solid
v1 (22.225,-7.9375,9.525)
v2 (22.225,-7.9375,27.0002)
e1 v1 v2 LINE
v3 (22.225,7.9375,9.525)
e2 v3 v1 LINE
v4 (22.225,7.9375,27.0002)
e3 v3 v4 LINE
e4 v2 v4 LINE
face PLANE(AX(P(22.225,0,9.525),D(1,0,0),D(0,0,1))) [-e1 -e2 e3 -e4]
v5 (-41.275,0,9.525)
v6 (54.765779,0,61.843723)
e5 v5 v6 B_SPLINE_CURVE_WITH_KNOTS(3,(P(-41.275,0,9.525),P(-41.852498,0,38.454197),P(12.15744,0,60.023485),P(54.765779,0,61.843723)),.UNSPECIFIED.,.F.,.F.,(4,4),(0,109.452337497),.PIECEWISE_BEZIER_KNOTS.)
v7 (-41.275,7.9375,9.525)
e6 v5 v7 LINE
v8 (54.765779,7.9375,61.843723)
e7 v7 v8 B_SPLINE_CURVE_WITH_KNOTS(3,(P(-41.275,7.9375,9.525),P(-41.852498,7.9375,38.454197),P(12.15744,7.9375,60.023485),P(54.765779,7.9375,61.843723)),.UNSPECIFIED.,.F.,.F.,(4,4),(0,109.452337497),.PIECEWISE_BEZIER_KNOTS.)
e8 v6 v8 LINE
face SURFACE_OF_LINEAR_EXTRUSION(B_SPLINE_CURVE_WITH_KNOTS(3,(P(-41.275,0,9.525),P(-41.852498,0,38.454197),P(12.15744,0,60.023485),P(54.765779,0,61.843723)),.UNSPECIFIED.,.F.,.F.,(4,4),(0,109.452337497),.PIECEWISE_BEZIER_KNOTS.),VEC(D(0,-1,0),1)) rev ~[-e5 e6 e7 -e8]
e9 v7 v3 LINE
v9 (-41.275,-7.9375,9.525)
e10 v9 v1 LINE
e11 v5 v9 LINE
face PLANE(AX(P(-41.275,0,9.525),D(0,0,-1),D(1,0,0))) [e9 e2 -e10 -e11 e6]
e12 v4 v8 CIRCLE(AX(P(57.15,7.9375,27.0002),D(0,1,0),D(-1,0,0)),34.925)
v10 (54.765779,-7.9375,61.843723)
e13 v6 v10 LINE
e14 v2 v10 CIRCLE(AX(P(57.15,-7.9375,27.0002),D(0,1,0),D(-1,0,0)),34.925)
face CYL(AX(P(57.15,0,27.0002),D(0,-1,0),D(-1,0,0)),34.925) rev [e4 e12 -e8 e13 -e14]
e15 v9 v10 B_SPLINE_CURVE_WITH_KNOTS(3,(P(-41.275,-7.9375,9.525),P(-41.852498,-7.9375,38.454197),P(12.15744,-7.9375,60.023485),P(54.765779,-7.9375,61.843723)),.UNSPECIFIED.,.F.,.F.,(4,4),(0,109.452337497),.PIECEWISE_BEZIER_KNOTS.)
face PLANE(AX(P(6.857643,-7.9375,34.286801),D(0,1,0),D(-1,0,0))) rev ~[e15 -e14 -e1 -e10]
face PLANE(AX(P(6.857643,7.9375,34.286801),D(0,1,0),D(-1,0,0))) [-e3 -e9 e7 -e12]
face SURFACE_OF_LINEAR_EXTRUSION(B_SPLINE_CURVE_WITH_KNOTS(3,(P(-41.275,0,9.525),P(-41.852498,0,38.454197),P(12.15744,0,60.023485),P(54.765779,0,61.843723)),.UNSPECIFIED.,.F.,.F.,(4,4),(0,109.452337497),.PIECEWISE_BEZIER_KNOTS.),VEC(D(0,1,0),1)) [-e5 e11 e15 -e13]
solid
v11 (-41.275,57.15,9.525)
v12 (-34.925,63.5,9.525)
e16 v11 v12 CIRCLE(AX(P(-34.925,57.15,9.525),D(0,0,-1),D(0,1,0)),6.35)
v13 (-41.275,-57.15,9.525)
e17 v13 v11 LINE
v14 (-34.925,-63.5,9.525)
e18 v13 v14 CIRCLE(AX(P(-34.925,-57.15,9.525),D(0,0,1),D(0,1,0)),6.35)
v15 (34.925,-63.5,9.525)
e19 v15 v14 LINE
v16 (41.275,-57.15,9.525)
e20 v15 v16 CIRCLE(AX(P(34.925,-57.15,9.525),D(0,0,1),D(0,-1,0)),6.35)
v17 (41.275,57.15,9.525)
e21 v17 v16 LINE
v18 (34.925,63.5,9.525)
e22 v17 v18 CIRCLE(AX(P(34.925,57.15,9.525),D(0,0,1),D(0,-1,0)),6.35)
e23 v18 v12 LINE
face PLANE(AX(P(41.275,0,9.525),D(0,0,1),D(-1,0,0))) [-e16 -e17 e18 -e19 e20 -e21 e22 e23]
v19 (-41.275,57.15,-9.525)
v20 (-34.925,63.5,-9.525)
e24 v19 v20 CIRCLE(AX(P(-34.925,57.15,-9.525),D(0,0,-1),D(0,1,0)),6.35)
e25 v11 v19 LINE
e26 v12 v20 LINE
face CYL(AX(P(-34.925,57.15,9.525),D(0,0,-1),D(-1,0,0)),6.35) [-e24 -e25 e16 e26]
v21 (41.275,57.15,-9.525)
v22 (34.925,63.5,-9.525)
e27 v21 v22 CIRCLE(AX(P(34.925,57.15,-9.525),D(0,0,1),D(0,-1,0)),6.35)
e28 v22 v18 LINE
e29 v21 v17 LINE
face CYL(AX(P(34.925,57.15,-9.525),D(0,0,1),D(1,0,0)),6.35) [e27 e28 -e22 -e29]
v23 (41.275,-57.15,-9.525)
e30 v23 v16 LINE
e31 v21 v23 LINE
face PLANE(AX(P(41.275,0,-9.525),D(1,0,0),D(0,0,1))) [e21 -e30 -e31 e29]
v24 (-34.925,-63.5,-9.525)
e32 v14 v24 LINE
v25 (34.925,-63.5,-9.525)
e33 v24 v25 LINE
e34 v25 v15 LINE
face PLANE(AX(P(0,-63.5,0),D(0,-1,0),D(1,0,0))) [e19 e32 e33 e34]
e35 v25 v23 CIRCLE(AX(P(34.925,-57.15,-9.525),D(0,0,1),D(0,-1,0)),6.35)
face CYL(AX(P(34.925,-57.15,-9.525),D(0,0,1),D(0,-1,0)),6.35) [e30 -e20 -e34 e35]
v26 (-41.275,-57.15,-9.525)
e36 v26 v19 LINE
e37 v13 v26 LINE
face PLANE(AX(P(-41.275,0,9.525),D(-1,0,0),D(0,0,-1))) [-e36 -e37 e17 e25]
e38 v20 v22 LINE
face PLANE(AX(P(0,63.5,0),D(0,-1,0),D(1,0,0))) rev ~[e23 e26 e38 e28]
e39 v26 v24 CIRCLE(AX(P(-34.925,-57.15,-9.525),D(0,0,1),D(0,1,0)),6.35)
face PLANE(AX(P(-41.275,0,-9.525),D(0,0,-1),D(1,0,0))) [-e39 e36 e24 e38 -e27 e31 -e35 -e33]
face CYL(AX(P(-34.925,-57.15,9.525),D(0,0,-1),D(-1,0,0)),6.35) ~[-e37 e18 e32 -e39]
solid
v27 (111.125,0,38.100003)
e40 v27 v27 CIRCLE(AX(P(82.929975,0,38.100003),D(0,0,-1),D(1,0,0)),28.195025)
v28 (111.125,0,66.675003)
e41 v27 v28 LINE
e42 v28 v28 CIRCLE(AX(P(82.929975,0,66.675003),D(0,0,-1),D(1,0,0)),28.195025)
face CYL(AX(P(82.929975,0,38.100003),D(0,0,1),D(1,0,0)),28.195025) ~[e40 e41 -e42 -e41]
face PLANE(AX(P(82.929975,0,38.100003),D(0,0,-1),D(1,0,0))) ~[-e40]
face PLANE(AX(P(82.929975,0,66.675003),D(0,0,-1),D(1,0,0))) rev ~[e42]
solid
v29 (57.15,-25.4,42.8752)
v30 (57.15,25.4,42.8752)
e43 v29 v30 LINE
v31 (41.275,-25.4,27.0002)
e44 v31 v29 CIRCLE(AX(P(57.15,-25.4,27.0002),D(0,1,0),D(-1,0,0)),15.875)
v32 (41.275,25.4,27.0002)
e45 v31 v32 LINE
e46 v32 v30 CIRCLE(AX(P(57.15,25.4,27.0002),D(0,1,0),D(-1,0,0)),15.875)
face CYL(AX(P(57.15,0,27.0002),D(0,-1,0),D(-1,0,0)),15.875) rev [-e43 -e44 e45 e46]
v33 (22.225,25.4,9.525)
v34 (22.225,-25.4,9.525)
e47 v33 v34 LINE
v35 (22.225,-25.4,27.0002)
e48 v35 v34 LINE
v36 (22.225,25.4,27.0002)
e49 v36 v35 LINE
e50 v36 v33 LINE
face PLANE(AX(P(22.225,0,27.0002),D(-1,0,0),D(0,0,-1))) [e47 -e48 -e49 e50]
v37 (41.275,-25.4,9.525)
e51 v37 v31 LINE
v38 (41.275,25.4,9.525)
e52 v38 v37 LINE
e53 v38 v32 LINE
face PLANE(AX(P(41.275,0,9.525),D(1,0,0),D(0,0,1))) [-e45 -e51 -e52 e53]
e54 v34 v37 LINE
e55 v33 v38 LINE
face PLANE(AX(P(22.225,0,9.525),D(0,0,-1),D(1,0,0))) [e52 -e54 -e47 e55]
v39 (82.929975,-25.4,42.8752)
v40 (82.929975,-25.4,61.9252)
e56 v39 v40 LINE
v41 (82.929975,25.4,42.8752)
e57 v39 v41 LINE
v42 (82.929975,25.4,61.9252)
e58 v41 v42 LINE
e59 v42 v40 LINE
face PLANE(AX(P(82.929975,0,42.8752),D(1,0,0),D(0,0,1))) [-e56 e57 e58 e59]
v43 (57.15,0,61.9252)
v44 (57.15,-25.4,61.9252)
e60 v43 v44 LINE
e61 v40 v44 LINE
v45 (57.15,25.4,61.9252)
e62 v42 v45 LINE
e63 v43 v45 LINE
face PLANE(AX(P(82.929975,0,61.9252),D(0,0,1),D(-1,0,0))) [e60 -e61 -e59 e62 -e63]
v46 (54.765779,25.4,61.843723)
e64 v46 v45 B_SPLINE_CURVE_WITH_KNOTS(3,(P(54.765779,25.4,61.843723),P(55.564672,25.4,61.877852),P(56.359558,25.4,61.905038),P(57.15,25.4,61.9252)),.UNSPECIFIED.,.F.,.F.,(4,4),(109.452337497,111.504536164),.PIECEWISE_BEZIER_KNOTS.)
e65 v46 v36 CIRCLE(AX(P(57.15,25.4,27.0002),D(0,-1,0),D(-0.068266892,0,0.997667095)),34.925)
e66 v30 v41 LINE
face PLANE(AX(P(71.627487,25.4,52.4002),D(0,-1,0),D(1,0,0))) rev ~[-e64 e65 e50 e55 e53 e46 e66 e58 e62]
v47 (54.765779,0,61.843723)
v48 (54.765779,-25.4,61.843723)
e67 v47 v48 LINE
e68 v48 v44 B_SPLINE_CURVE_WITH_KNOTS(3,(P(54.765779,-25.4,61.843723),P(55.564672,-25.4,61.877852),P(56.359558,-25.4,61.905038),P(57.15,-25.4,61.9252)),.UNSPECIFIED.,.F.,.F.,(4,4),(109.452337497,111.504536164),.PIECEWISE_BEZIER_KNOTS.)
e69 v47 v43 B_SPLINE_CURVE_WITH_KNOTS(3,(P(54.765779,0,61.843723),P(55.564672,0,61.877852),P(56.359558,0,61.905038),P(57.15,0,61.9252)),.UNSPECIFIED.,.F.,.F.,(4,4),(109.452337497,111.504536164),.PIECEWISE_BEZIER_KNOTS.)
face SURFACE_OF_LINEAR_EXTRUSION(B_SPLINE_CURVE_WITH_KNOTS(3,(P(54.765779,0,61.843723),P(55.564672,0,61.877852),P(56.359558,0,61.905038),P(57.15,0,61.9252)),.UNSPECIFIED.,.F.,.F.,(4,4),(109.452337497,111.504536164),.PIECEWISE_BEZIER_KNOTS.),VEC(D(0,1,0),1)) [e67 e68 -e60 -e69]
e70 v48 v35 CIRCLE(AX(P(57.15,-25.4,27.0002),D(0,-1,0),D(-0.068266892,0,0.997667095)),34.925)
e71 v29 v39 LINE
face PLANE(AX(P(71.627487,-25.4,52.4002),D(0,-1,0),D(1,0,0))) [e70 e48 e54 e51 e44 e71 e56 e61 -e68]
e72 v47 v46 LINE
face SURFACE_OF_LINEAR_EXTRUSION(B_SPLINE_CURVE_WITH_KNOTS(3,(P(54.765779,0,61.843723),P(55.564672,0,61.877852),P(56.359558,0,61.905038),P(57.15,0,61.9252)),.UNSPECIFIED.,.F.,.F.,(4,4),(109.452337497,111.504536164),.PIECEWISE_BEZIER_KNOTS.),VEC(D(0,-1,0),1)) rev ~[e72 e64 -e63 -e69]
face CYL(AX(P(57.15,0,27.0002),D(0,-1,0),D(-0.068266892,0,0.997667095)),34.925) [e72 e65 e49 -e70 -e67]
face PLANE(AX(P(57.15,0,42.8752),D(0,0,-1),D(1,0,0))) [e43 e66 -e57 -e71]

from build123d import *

# Parameters (mm, degrees)
F1_DEPTH = 63.5
F0_W     = 22.604974729
F0_H     = 19.05
F2_DEPTH = 25.4
F3_DEPTH = 7.9375
F5_R     = 6.35


with BuildPart() as f1:
    # F0 (on Front) → F1 (new body, symmetric)
    with BuildSketch(Plane.XZ):
        Polygon((-41.275, -9.525), (41.275, -9.525), (41.275, 9.525), (22.225, 9.525), (-41.275, 9.525), align=None)
    extrude(amount=F1_DEPTH, both=True)

    # F5
    f5_edges = [f1.edges().sort_by_distance(p)[0] for p in [
        (-41.275, -63.5, 0),
        (-41.275, 63.5, 0),
        (41.275, 63.5, 0),
        (41.275, -63.5, 0),
    ]]
    fillet(f5_edges, radius=F5_R)


with BuildPart() as f2:
    # F0 (on Front) → F2 (new body, symmetric)
    with BuildSketch(Plane.XZ):
        with Locations((71.6274873645, 52.4002)):
            Rectangle(F0_W, F0_H)
        with BuildLine():
            Line((22.225, 9.525), (41.275, 9.525))
            Line((41.275, 9.525), (41.275, 27.0002))
            ThreePointArc((41.275, 27.0002), (45.9246798487, 38.2255201513), (57.15, 42.8752))
            Line((57.15, 42.8752), (60.325, 42.8752))
            Line((60.325, 42.8752), (60.325, 61.9252))
            Line((60.325, 61.9252), (57.15, 61.9252))
            add(Edge.make_bspline(
                [(54.7657787961, 61.8437232755), (55.5646724331, 61.8778522086), (56.3595578229, 61.9050383377), (57.15, 61.9252)],
                knots=[109.4523374969, 109.4523374969, 109.4523374969, 109.4523374969, 111.5045361635, 111.5045361635, 111.5045361635, 111.5045361635], degree=3))
            ThreePointArc((54.7657787961, 61.8437232755), (31.6252615043, 50.8380553928), (22.225, 27.0002))
            Line((22.225, 27.0002), (22.225, 9.525))
        make_face()
    extrude(amount=F2_DEPTH, both=True)


with BuildPart() as f3:
    # F0 (on Front) → F3 (new body, symmetric)
    with BuildSketch(Plane.XZ):
        with BuildLine():
            add(Edge.make_bspline(
                [(-41.275, 9.525), (-41.8524980669, 38.4541969798), (12.1574400412, 60.0234845422), (54.7657787961, 61.8437232755)],
                knots=[0, 0, 0, 0, 109.4523374969, 109.4523374969, 109.4523374969, 109.4523374969], degree=3))
            Line((-41.275, 9.525), (22.225, 9.525))
            Line((22.225, 9.525), (22.225, 27.0002))
            ThreePointArc((22.225, 27.0002), (31.6252615043, 50.8380553928), (54.7657787961, 61.8437232755))
        make_face()
    extrude(amount=F3_DEPTH, both=True)


with BuildPart() as f4:
    # F0 (on Front) → F4 (revolve)
    with BuildSketch(Plane.XZ):
        Polygon((82.929974729, 61.9252), (82.929974729, 42.8752), (82.929974729, 38.1000029986), (111.125, 38.1000029986), (111.125, 66.6750029986), (82.929974729, 66.6750029986), align=None)
    revolve(axis=Axis((82.929974729, 0, 52.4002), (0, 0, -1)))


solid = Compound([f1.part, f2.part, f3.part, f4.part])
